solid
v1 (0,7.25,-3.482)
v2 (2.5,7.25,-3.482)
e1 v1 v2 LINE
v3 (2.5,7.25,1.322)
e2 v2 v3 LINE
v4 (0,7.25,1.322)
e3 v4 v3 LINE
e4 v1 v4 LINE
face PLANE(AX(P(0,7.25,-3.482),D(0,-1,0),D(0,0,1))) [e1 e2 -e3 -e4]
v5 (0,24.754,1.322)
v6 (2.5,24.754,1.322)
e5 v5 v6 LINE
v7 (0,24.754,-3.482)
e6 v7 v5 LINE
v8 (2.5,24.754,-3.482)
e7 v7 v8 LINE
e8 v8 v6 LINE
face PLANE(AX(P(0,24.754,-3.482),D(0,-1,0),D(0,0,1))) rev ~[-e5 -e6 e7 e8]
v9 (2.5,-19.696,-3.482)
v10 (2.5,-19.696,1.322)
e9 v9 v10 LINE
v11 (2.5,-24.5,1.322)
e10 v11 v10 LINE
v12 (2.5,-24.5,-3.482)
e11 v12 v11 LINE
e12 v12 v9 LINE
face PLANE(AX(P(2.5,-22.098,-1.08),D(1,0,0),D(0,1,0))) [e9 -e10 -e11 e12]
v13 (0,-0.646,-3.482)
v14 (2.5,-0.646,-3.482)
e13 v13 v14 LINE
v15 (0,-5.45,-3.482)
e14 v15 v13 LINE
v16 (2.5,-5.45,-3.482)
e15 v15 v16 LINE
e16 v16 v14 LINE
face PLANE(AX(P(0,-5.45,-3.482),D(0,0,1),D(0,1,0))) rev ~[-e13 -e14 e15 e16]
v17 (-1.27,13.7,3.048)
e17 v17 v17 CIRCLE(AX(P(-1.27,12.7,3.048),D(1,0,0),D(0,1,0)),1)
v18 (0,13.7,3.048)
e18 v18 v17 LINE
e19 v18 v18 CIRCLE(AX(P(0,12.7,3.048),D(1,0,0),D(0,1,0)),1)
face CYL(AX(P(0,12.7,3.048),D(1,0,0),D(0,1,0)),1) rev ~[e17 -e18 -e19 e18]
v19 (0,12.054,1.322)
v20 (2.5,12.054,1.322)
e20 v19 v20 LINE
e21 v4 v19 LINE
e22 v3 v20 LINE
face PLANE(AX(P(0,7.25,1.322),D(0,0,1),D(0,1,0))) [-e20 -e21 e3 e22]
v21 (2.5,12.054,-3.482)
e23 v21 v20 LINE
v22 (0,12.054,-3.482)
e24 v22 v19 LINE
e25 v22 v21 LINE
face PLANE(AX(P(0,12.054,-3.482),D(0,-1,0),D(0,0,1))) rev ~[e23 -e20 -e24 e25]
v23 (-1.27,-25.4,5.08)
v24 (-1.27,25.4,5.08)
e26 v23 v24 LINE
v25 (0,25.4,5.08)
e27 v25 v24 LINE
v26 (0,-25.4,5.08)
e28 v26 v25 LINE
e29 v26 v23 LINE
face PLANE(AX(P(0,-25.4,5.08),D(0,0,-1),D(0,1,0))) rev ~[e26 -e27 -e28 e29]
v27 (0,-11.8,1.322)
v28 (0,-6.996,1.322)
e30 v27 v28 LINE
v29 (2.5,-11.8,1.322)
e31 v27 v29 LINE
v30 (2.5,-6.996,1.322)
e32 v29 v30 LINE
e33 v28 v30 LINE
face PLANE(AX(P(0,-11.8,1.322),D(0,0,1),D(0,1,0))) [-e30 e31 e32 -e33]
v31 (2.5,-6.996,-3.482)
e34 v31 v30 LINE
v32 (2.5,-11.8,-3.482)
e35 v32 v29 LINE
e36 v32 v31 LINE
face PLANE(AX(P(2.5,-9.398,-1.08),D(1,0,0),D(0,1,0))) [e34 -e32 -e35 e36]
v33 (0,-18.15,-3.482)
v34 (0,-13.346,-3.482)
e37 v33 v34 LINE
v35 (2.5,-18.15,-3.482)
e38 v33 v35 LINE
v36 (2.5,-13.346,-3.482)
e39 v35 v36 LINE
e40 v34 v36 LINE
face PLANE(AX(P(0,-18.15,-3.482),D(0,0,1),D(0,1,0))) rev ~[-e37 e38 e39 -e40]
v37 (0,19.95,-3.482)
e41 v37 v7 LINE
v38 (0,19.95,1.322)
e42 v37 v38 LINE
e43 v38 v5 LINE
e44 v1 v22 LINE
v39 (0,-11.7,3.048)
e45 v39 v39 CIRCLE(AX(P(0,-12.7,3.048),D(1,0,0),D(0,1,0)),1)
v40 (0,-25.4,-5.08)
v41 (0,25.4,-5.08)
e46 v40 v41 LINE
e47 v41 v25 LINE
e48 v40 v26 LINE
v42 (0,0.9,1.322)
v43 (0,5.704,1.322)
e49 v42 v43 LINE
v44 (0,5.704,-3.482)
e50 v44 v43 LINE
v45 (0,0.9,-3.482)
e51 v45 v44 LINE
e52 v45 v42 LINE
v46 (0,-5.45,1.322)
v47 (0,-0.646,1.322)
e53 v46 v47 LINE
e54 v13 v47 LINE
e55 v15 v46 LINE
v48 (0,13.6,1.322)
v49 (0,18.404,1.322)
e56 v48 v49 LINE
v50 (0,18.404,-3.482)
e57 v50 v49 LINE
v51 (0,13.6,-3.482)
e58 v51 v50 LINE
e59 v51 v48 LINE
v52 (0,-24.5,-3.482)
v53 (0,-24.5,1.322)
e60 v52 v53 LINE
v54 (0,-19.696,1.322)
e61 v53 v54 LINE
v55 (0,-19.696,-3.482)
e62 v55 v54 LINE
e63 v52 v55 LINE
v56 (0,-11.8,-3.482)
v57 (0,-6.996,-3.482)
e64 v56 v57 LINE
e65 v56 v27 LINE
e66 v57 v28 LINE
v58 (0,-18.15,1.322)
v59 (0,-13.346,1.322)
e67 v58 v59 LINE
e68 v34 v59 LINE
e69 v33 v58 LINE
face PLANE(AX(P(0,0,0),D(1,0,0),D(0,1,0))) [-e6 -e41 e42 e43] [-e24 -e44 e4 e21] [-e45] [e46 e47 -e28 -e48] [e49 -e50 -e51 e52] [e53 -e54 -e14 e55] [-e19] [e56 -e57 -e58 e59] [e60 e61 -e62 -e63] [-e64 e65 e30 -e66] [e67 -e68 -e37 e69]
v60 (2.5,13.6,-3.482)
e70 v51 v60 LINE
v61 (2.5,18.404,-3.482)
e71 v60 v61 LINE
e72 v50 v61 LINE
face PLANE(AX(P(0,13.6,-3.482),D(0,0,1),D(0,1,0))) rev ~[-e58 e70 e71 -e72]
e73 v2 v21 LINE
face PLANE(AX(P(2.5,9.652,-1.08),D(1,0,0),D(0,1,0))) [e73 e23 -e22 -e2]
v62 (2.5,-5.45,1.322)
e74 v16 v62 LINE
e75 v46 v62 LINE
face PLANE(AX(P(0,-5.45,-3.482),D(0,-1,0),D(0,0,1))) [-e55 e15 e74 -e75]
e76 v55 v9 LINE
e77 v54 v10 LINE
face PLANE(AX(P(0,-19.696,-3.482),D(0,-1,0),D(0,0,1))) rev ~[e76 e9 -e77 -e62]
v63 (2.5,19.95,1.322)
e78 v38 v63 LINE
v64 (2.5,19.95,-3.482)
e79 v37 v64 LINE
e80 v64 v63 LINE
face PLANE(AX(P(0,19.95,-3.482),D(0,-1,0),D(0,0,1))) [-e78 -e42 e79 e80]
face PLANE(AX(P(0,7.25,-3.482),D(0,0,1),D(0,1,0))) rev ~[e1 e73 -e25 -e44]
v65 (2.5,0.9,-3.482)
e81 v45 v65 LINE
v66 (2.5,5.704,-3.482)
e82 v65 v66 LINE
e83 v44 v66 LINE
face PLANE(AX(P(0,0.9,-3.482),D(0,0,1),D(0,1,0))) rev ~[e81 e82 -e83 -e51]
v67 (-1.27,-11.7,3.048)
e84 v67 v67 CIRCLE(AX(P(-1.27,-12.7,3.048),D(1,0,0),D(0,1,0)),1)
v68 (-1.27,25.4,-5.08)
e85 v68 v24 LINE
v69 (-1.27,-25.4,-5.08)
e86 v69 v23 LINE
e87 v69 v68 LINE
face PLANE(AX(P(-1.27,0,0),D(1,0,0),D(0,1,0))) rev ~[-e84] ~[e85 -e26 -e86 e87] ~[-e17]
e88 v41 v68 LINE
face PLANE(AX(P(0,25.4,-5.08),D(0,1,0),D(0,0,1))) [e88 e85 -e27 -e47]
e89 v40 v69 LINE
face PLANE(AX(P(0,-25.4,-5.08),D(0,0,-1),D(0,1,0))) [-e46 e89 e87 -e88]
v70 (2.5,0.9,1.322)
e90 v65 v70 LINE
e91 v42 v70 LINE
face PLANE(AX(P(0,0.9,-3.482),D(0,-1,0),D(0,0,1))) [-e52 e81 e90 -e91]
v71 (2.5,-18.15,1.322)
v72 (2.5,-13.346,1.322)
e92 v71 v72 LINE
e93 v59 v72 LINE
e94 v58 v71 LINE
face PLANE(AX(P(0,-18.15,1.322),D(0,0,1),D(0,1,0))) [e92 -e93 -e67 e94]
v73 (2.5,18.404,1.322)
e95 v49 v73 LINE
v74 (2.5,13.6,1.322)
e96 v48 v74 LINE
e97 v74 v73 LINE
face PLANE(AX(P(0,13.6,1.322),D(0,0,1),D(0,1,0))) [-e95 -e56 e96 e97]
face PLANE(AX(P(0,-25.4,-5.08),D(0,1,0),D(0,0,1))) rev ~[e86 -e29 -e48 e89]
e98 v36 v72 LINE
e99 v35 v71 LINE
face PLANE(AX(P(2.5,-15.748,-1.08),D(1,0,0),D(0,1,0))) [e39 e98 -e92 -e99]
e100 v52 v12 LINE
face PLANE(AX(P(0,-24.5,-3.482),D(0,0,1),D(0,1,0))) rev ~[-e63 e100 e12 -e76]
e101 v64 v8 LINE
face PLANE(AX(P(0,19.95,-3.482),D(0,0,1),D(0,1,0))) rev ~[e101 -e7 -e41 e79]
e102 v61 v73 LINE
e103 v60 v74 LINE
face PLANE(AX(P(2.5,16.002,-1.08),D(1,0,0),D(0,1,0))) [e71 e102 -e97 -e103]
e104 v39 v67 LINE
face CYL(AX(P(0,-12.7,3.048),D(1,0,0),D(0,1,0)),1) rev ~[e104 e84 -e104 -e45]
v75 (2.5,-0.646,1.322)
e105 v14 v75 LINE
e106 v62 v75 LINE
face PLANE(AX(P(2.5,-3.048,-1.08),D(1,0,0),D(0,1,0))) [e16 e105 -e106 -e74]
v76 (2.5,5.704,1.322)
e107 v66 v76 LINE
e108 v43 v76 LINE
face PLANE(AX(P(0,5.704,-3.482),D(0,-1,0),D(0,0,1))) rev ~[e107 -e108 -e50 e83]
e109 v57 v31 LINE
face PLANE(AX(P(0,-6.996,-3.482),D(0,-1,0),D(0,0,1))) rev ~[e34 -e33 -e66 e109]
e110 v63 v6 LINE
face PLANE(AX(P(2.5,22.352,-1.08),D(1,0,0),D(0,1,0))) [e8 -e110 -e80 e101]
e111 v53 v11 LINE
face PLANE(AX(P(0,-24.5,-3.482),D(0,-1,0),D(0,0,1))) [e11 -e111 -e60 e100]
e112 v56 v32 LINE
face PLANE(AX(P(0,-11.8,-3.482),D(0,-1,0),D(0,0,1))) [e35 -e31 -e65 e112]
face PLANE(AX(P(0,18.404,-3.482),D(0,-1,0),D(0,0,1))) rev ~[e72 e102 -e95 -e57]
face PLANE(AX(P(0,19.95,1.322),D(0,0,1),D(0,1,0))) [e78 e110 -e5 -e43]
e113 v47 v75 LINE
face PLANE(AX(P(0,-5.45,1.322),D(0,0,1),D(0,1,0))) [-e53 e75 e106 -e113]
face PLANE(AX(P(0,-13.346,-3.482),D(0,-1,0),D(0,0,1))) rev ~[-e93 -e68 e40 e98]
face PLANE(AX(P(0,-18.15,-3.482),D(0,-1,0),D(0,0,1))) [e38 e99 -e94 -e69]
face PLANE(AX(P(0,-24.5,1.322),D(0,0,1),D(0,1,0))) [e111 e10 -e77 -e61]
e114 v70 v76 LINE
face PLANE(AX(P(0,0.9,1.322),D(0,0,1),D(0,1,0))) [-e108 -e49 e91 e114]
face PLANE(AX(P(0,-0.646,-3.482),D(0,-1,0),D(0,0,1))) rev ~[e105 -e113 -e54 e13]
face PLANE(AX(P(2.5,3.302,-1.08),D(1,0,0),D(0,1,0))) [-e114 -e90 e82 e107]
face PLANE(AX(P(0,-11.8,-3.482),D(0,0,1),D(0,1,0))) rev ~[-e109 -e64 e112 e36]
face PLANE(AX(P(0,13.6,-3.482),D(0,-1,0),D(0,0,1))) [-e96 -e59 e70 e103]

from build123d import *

# Parameters (mm, degrees)
F0_W     = 50.8
F0_H     = 10.16
F0_R     = 1
F1_DEPTH = 1.27
F2_W     = 4.804
F2_H     = 4.804
F3_DEPTH = 2.5


with BuildPart() as f1:
    # F0 (on Right) → F1 (new body)
    with BuildSketch(Plane.YZ):
        Rectangle(F0_W, F0_H)
        with Locations((-12.7, 3.048)):
            Circle(F0_R, mode=Mode.SUBTRACT)
        with Locations((12.7, 3.048)):
            Circle(F0_R, mode=Mode.SUBTRACT)
    extrude(amount=-F1_DEPTH)

    # F2 (on face) → F3 (join)
    with BuildSketch(Plane.YZ):
        with Locations((-22.098, -1.08)):
            Rectangle(F2_W, F2_H)
        with Locations((-15.748, -1.08)):
            Rectangle(F2_W, F2_H)
        with Locations((-9.398, -1.08)):
            Rectangle(F2_W, F2_H)
        with Locations((-3.048, -1.08)):
            Rectangle(F2_W, F2_H)
        with Locations((3.302, -1.08)):
            Rectangle(F2_W, F2_H)
        with Locations((9.652, -1.08)):
            Rectangle(F2_W, F2_H)
        with Locations((16.002, -1.08)):
            Rectangle(F2_W, F2_H)
        with Locations((22.352, -1.08)):
            Rectangle(F2_W, F2_H)
    extrude(amount=F3_DEPTH)


solid = f1.part
